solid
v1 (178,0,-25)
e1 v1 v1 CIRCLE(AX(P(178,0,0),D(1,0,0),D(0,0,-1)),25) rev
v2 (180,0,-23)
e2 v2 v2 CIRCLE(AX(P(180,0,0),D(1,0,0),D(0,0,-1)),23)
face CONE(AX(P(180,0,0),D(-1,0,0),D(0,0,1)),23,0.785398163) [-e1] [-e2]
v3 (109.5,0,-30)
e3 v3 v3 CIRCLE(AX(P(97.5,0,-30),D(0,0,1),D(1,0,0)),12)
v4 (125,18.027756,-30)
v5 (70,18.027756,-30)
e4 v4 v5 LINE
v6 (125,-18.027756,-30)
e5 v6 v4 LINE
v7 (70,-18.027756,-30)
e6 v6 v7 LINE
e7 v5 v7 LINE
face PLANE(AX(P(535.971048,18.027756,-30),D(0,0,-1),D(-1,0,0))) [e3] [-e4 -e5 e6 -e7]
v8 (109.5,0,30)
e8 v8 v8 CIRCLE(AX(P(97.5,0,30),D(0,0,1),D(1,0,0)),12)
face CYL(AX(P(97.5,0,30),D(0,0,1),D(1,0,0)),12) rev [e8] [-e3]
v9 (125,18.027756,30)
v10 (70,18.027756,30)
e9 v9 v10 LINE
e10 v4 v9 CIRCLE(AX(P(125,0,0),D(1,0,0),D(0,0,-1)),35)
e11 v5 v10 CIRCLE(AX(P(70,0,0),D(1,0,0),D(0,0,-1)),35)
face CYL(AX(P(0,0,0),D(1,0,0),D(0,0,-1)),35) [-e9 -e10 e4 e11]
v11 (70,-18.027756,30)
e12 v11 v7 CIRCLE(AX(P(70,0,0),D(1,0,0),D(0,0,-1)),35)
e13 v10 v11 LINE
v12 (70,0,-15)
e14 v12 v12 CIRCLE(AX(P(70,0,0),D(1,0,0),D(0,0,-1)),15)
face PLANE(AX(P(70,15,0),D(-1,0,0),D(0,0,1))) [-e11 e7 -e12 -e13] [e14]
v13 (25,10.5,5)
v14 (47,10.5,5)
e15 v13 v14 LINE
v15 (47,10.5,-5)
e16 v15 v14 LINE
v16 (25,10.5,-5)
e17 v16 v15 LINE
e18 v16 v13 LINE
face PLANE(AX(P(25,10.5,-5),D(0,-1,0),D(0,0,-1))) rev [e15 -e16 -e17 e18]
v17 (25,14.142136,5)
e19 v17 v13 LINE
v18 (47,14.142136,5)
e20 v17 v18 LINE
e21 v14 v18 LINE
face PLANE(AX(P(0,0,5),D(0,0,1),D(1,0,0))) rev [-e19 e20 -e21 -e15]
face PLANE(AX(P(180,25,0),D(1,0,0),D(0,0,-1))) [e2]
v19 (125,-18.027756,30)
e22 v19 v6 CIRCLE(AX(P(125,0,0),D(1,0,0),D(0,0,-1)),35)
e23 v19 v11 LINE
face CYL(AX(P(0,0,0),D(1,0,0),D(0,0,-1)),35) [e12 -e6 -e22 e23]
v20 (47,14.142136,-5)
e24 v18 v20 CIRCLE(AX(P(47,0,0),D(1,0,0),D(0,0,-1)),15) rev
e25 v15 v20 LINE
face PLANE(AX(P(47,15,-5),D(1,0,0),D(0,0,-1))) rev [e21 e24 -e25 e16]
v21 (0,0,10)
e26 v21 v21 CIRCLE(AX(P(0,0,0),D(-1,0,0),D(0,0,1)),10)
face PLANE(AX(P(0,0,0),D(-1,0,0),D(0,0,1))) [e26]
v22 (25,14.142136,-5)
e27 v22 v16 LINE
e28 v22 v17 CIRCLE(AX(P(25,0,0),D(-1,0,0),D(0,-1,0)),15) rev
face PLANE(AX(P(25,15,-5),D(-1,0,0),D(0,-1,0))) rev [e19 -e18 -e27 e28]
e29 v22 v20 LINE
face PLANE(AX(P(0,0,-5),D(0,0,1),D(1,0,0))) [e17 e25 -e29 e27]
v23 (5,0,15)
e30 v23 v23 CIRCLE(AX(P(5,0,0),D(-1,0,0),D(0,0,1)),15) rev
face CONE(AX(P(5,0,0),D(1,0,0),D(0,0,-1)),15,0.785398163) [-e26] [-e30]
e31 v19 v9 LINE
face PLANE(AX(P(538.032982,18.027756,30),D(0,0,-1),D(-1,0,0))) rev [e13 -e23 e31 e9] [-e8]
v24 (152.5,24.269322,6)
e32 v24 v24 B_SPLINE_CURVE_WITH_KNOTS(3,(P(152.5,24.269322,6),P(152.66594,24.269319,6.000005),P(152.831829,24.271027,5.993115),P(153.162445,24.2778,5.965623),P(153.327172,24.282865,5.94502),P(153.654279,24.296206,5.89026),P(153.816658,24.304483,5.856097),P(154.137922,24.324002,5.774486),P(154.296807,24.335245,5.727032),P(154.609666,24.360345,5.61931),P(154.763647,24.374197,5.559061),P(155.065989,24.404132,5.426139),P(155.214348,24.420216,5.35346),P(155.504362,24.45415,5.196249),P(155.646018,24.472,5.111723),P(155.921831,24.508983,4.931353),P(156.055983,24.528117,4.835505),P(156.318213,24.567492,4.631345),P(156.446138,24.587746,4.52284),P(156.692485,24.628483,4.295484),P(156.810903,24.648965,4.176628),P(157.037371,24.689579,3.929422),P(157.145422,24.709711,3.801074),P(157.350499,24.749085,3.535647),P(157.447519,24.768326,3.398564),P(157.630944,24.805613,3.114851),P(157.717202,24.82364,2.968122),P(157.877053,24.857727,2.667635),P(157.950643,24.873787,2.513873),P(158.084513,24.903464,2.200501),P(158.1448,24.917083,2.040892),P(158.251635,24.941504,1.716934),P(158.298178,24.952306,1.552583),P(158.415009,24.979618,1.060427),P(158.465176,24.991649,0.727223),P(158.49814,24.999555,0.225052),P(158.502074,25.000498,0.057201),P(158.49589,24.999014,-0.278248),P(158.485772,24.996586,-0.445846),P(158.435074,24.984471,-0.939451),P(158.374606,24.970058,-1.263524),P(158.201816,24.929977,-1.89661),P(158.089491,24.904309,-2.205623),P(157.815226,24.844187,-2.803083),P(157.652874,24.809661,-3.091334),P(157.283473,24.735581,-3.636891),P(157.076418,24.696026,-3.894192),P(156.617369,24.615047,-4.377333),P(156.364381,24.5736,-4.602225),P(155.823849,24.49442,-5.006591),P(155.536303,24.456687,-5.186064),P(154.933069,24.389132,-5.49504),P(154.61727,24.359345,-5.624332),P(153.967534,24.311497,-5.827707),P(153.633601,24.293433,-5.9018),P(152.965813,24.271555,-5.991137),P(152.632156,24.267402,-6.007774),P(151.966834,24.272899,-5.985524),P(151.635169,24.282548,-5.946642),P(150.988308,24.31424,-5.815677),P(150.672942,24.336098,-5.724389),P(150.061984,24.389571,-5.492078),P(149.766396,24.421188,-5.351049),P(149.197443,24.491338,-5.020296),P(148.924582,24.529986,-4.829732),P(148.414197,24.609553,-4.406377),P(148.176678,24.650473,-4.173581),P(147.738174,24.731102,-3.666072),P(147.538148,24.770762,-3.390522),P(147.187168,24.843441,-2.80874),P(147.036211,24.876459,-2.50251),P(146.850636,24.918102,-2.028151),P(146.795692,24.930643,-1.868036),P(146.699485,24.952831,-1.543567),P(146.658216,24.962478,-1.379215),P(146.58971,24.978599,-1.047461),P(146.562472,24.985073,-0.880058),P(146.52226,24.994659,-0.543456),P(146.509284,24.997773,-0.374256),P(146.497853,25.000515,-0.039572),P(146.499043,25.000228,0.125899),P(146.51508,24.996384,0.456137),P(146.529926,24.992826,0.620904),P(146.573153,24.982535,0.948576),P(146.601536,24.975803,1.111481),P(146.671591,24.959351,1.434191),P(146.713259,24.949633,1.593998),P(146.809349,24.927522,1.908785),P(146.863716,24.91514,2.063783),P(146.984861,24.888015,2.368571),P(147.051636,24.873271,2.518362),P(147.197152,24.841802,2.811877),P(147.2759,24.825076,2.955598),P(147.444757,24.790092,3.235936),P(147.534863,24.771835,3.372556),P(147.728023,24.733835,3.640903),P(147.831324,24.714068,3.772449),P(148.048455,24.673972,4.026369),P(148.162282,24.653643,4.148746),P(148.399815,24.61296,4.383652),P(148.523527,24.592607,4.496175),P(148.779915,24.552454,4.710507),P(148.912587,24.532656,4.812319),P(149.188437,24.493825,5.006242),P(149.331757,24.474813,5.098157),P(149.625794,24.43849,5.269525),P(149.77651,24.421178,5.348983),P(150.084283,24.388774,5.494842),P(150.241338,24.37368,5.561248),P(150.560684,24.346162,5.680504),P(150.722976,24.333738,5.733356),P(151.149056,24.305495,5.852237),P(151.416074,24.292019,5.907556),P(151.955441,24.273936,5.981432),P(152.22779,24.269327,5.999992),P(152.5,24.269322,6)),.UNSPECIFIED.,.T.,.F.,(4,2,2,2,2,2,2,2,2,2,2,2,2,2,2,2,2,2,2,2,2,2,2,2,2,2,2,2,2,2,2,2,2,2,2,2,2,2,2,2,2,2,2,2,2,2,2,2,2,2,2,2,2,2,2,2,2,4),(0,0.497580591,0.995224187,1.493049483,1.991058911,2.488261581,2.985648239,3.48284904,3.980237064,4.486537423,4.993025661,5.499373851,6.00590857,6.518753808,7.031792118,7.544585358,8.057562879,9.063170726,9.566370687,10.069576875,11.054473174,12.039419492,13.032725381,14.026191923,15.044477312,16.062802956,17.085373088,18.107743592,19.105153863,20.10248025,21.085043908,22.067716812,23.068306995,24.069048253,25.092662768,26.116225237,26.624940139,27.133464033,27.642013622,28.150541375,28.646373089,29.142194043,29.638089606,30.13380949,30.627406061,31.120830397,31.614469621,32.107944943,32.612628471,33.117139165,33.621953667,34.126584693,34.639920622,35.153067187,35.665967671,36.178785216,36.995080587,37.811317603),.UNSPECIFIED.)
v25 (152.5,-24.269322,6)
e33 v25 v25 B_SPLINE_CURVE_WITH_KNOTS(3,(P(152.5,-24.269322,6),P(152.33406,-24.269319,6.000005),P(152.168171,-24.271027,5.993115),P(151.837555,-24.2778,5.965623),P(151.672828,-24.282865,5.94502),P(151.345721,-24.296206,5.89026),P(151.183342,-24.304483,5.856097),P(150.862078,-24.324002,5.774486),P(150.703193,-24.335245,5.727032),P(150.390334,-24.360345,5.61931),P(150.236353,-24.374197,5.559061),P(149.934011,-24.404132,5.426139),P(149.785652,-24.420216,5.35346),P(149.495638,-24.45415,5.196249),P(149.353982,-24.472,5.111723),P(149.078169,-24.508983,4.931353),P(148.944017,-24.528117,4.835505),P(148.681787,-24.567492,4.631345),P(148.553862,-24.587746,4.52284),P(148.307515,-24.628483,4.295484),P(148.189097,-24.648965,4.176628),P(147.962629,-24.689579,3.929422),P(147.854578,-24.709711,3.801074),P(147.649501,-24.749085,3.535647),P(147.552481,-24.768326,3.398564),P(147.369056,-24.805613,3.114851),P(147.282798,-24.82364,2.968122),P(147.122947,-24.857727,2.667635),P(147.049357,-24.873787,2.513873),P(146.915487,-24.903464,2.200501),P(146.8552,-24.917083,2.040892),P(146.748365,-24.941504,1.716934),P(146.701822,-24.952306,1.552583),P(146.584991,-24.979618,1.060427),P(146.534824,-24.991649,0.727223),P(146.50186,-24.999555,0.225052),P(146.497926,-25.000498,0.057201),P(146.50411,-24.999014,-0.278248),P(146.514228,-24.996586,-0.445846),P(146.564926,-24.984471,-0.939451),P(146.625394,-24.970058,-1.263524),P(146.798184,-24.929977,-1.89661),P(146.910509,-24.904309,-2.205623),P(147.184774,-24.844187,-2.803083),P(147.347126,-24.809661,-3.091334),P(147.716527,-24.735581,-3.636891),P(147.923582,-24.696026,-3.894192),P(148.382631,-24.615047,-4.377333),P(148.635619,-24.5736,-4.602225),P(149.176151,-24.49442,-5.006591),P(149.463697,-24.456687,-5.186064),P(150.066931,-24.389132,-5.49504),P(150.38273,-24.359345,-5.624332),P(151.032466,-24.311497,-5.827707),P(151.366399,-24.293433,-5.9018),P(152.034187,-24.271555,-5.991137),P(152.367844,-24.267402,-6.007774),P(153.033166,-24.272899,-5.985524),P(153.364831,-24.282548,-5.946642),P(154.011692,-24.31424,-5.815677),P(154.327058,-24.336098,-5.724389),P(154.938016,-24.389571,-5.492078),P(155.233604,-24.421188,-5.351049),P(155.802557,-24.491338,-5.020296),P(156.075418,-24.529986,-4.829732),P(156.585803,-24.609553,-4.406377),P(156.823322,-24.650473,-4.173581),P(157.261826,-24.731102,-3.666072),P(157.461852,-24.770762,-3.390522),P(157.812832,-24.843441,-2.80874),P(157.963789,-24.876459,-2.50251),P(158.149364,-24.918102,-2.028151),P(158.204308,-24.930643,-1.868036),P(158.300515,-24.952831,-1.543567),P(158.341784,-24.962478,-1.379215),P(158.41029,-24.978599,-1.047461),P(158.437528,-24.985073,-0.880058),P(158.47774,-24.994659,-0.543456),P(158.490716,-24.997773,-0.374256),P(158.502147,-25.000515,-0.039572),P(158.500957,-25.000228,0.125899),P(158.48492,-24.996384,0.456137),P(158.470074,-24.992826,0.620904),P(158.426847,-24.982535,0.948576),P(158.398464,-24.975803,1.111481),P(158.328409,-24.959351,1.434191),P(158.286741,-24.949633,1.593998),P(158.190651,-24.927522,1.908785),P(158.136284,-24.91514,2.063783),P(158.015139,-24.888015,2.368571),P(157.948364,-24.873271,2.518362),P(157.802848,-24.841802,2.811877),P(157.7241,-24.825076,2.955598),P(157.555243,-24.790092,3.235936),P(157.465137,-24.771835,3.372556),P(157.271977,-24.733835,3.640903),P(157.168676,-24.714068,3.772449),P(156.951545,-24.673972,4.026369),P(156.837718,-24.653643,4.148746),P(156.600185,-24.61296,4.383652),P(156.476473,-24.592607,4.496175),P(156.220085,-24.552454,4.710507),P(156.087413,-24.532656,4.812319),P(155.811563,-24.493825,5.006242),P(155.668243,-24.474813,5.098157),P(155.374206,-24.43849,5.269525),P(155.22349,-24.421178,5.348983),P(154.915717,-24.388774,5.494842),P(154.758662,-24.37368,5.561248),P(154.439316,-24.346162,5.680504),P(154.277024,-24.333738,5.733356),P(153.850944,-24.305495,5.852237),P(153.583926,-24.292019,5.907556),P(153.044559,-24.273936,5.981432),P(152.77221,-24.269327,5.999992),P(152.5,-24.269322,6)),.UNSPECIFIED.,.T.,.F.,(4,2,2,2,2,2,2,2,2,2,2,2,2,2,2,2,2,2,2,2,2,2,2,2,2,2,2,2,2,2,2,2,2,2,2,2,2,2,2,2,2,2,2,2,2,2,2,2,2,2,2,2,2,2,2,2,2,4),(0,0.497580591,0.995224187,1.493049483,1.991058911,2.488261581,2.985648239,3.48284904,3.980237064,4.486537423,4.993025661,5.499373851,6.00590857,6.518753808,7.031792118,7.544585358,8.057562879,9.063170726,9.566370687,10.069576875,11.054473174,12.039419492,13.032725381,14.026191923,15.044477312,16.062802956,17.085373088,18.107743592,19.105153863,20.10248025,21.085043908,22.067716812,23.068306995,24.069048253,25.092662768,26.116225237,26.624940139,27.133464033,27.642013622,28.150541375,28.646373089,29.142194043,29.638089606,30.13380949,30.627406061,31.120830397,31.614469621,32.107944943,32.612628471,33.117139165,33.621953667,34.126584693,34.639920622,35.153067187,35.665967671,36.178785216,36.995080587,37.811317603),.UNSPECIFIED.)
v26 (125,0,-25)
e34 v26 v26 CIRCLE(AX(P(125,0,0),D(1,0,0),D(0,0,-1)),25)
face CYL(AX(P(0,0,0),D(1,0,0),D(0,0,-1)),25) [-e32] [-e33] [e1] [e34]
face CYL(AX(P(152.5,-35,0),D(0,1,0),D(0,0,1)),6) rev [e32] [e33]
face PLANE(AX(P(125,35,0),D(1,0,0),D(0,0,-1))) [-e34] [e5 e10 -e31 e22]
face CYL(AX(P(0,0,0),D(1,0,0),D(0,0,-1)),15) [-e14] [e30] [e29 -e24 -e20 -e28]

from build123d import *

# Parameters (mm, degrees)
CUT_EXTRUDE_1_DEPTH      = 135.443296597
SKETCH_3_W               = 22
SKETCH_3_H               = 4.5
CUT_EXTRUDE_2_DEPTH      = 5
HOLE_WIZARD_24_0_24_1_D  = 24
CUT_EXTRUDE_3_DEPTH      = 186.809041761
CUT_EXTRUDE_3_DEPTH_BACK = 186.809041761
SKETCH_8_R               = 6
CHAMFER_1_SIZE           = 2
CHAMFER_2_SIZE           = 5


with BuildPart() as part:
    # Эскиз1 → Повернуть1 (revolve)
    with BuildSketch(Plane.XY, mode=Mode.PRIVATE) as revolve_1_sk:
        Polygon((0, 0), (0, 15), (70, 15), (70, 35), (125, 35), (125, 25), (180, 25), (180, 0), align=None)
    revolve(revolve_1_sk.sketch.rotate(Axis((0, 0, 0), (-1, 0, 0)), 90), axis=Axis((0, 0, 0), (-1, 0, 0)))

    # Эскиз2 → Вырез-Вытянуть1 (cut, symmetric)
    with BuildSketch(Plane(origin=(125, 0, 0), x_dir=(0, 0, -1), z_dir=(1, 0, 0))):
        Polygon((-30, 195.8007333), (-30, 18.027756377), (-30, -18.027756377), (-30, -195.8007333), (-385.545953846, -195.8007333), (-385.545953846, 195.8007333), align=None)
    cut_extrude_1 = extrude(amount=CUT_EXTRUDE_1_DEPTH, both=True, mode=Mode.SUBTRACT)

    # Зеркальное отражение1: Вырез-Вытянуть1 across plane
    add(cut_extrude_1.mirror(Plane.XY), mode=Mode.SUBTRACT)

    # Эскиз3 → Вырез-Вытянуть2 (cut, symmetric)
    with BuildSketch(Plane.XY):
        with Locations((36, 12.75)):
            Rectangle(SKETCH_3_W, SKETCH_3_H)
    extrude(amount=CUT_EXTRUDE_2_DEPTH, both=True, mode=Mode.SUBTRACT)

    # Диаметр отверстия Ø24.0 (24)1 (through all)
    with Locations(Plane.XY.offset(30)):
        with Locations((97.5, 0)):
            Hole(HOLE_WIZARD_24_0_24_1_D / 2)

    # Эскиз8 → Вырез-Вытянуть3 (cut, two sides: drawn at the far end of the back side and taken through both)
    with BuildSketch(Plane(origin=(0, 0, 0), x_dir=(1, 0, 0), z_dir=(0, 1, 0)).offset(-CUT_EXTRUDE_3_DEPTH_BACK)):
        with Locations(Location((152.5, 0, 0), (0, 0, 270))):
            Circle(SKETCH_8_R)
    extrude(amount=CUT_EXTRUDE_3_DEPTH + CUT_EXTRUDE_3_DEPTH_BACK, mode=Mode.SUBTRACT)

    # Фаска1
    chamfer_1_edges = [part.edges().sort_by_distance(p)[0] for p in [
        (180, 0, 25),
    ]]
    chamfer(chamfer_1_edges, length=CHAMFER_1_SIZE)

    # Фаска2
    chamfer_2_edges = [part.edges().sort_by_distance(p)[0] for p in [
        (0, 0, 15),
    ]]
    chamfer(chamfer_2_edges, length=CHAMFER_2_SIZE)


solid = part.part
